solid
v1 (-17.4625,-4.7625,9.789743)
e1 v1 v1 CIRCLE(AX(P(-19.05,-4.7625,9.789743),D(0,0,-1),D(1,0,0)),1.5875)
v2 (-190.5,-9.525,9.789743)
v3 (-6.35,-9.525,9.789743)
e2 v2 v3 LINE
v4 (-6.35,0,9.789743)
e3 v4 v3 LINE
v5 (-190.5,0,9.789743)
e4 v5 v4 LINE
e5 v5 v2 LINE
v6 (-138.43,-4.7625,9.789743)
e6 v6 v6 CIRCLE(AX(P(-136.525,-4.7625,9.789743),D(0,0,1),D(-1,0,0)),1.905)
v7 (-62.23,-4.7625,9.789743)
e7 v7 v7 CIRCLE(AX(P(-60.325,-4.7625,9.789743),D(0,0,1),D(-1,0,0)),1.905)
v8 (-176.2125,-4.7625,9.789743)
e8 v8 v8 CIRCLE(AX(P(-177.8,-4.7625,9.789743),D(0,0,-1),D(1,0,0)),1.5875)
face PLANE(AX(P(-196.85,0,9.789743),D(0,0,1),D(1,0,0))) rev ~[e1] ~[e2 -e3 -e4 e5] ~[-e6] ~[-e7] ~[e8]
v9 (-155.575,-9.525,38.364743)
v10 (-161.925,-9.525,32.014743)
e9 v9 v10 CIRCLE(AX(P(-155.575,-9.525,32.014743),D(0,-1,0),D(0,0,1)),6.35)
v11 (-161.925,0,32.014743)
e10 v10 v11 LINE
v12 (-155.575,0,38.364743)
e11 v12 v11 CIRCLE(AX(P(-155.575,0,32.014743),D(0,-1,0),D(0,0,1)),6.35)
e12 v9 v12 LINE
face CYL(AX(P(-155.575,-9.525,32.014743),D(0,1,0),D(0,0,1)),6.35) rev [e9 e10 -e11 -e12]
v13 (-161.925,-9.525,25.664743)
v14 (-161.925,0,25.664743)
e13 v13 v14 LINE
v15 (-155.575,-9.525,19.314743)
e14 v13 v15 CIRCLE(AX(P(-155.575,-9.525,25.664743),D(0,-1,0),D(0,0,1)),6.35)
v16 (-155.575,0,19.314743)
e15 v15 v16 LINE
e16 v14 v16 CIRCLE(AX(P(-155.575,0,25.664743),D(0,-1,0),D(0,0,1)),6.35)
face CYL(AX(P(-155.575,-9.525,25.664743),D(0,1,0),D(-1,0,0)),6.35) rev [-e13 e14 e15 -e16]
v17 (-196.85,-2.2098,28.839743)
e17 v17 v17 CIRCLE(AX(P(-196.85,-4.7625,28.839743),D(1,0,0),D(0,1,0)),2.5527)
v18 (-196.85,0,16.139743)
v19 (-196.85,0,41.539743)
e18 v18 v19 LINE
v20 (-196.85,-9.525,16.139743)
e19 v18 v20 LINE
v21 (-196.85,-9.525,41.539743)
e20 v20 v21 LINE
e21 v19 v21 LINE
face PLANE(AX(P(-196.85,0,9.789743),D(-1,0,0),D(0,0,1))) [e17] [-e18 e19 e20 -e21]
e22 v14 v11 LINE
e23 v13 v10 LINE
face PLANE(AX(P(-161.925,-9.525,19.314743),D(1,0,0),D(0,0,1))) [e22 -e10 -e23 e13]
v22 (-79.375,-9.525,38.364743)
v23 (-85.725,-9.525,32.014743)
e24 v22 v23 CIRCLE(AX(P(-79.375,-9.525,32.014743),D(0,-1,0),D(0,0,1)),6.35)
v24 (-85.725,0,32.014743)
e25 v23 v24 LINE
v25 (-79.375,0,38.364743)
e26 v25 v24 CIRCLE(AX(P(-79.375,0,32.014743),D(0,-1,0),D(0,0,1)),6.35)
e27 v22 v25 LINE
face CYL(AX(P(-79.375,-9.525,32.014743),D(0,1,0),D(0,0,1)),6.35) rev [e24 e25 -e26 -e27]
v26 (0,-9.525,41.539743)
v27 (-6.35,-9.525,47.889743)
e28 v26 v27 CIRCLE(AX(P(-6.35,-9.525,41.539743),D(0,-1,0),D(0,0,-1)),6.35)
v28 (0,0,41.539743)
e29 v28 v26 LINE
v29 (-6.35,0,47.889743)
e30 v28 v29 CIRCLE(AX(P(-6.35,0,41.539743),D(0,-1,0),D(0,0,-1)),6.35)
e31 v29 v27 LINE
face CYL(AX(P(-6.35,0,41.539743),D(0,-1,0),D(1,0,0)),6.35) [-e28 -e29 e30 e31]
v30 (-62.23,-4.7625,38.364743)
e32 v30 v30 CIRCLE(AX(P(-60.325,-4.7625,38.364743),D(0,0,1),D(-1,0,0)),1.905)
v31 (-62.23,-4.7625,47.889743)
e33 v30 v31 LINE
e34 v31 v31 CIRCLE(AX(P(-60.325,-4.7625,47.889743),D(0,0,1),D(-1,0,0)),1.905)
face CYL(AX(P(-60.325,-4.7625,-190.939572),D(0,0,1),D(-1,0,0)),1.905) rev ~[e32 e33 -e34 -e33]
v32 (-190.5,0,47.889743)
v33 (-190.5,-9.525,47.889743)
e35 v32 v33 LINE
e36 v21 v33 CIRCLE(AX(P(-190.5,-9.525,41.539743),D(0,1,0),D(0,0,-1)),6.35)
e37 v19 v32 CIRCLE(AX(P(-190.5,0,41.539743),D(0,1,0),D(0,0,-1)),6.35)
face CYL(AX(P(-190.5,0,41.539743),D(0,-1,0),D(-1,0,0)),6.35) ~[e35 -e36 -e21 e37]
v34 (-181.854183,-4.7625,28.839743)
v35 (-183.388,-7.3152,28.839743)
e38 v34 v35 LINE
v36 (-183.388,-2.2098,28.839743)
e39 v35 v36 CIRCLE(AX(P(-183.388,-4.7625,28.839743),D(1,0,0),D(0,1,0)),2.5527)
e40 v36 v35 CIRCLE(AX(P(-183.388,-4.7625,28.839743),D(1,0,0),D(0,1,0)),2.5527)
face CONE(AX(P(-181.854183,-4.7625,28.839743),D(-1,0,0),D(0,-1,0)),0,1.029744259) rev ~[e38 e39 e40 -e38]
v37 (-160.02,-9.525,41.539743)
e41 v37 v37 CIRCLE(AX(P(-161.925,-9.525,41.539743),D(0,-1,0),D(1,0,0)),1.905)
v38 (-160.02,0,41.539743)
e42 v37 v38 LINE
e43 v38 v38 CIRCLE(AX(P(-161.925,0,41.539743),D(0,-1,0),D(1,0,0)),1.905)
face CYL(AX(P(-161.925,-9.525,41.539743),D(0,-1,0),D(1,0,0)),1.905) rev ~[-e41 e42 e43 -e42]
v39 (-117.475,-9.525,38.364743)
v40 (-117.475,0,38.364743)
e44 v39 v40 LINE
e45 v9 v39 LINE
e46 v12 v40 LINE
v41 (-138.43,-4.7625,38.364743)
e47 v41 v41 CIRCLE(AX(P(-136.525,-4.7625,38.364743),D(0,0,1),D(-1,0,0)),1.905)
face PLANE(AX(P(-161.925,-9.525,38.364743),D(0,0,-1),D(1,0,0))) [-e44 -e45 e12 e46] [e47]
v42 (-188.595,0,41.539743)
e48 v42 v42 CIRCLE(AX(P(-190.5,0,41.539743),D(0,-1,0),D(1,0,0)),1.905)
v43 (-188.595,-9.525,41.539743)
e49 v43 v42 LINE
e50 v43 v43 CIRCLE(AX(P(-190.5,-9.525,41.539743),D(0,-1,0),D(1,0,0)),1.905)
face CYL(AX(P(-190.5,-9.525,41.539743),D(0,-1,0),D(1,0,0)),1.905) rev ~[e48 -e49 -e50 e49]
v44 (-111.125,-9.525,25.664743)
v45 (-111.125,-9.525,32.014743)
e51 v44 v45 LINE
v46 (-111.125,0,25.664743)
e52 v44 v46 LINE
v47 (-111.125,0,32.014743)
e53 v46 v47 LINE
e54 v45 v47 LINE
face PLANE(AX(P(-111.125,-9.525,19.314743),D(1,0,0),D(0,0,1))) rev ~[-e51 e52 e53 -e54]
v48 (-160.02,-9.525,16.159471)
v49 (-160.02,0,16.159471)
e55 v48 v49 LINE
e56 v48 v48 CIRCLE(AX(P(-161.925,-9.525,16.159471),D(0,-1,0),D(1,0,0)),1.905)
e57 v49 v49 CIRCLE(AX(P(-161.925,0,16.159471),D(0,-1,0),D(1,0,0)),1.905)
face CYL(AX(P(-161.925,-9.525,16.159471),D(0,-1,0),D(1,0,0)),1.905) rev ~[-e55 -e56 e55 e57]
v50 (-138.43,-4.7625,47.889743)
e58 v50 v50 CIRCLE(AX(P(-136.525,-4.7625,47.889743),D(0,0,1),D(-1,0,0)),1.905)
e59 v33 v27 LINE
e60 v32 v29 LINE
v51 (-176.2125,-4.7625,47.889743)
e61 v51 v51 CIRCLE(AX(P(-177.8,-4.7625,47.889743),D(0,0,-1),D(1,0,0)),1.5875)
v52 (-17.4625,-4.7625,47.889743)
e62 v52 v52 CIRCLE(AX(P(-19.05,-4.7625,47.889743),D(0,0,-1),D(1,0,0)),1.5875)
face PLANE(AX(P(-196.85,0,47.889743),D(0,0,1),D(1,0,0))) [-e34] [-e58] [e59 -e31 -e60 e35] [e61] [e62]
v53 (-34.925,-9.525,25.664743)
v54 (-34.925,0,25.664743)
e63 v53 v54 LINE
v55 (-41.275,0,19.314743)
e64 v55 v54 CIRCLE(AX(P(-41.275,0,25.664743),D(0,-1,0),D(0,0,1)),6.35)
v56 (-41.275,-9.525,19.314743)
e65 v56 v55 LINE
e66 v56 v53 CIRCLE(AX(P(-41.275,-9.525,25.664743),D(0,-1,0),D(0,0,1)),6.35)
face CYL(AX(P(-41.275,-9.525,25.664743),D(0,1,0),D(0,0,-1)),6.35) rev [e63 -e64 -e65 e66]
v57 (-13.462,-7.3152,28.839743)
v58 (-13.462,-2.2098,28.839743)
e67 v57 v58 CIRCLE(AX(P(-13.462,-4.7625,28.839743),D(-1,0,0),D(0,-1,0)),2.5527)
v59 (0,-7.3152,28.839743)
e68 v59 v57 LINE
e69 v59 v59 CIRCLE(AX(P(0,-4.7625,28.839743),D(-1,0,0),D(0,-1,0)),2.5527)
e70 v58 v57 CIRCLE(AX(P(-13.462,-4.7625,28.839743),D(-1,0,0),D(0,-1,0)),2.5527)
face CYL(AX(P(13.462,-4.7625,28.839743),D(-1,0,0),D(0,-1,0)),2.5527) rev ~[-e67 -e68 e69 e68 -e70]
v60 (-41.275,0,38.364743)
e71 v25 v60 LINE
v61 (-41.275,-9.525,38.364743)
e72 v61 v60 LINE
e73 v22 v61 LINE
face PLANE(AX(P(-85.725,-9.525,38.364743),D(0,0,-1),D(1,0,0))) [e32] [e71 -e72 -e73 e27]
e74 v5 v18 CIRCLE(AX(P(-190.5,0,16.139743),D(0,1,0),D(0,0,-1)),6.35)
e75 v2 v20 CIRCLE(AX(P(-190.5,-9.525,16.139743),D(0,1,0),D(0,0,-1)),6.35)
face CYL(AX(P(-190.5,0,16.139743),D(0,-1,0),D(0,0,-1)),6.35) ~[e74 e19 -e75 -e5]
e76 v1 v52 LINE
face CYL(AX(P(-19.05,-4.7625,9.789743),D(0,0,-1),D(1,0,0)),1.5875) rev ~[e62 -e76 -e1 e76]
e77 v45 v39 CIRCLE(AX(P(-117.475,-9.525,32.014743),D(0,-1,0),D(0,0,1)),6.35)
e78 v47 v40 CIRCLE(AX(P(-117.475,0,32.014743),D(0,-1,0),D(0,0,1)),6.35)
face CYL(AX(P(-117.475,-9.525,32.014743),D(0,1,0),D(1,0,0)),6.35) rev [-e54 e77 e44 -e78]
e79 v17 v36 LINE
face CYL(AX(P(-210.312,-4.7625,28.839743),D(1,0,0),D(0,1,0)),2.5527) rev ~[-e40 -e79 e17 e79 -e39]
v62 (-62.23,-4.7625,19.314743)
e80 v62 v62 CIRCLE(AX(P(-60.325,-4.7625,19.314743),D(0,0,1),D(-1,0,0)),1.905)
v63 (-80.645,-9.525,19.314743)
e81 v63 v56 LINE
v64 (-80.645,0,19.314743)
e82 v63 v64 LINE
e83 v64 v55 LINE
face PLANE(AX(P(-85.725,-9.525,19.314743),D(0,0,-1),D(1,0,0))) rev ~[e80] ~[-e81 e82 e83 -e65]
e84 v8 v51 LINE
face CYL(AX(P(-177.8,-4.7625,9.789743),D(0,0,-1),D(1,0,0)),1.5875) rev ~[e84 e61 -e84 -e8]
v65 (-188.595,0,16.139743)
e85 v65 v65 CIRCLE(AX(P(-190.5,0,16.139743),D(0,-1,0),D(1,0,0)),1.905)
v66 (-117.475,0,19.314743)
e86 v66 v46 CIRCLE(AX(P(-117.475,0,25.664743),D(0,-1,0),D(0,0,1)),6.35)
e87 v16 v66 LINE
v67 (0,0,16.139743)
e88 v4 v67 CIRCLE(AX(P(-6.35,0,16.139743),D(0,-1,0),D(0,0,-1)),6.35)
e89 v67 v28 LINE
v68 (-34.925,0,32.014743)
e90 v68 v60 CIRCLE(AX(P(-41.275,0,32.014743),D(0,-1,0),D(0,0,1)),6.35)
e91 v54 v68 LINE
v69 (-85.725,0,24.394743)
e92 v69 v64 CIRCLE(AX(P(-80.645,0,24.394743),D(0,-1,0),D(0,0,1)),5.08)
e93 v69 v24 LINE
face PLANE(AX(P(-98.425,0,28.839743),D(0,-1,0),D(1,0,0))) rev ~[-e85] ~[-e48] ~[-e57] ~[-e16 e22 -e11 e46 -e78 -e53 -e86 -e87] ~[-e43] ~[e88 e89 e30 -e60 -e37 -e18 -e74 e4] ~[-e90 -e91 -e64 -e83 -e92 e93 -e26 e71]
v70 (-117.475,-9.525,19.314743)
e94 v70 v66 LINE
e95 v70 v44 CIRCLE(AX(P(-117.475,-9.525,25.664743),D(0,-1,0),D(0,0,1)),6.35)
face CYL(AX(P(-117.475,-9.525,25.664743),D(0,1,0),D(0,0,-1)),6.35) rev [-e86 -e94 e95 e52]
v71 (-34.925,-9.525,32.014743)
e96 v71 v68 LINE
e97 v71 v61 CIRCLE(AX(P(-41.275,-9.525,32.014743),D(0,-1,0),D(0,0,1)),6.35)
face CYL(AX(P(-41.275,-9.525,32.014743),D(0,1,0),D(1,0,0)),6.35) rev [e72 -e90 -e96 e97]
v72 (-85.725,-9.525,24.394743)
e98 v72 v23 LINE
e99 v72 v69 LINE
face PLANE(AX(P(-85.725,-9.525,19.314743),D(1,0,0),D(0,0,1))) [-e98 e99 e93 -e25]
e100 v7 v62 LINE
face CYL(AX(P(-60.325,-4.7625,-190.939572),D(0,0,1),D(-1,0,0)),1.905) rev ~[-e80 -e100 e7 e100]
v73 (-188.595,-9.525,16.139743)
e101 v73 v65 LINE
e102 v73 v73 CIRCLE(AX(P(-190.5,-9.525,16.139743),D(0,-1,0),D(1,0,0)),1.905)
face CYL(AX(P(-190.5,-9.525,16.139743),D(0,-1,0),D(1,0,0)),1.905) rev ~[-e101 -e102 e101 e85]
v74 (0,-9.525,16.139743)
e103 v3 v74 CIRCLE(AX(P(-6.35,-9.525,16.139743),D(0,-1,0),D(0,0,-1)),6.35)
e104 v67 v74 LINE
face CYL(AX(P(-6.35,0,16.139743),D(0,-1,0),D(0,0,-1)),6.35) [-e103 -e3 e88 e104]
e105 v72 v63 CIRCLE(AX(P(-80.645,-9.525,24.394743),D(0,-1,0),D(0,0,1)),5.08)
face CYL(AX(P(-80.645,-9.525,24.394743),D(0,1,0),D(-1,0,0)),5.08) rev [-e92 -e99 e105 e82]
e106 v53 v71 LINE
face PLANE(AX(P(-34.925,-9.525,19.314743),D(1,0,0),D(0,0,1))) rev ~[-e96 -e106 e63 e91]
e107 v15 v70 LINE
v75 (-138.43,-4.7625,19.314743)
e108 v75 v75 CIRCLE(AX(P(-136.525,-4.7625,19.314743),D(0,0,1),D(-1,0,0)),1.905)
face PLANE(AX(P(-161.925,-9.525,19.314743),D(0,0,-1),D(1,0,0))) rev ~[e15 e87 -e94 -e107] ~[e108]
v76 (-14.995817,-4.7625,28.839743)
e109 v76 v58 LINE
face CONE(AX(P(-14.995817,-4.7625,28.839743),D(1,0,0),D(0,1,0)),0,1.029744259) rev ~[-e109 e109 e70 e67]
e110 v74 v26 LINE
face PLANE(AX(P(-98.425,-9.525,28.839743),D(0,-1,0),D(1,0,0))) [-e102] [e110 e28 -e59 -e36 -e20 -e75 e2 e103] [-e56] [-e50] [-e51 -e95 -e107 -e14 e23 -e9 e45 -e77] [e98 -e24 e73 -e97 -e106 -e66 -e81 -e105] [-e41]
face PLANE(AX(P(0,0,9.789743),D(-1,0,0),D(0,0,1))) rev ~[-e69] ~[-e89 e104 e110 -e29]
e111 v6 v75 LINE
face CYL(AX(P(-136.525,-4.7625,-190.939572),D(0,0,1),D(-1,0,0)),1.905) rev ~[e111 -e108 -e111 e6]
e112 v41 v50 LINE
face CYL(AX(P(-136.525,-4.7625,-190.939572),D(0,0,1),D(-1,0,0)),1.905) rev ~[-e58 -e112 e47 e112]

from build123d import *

# Parameters (mm, degrees)
F0_W      = 196.85
F0_H      = 38.1
F1_DEPTH  = 9.525
F2_R      = 6.35
F3_R      = 6.35
F4_W      = 50.8
F4_H      = 19.05
F5_DEPTH  = 25.4
F6_R      = 6.35
F7_R      = 6.35
F8_R      = 6.35
F9_R      = 6.35
F10_W     = 50.8
F10_H     = 19.05
F11_DEPTH = 25.4
F12_R     = 6.35
F13_R     = 5.08
F14_R     = 6.35
F15_R     = 6.35
F16_R     = 1.905
F18_DEPTH = 25.4
F20_R     = 1.5875
F21_DEPTH = 48.006
F22_R     = 1.5875
F23_DEPTH = 44.3738
F26_D     = 3.81
F27_D     = 5.1054
F27_DEPTH = 13.462
F27_TIP   = 1.5338169022
F28_D     = 5.1054
F28_DEPTH = 13.462
F28_TIP   = 1.5338169022
F29_R     = 6.35


with BuildPart() as f1:
    # F0 (on Front) → F1 (new body)
    with BuildSketch(Plane.XZ):
        with Locations((-98.425, 28.8397434607)):
            Rectangle(F0_W, F0_H)
    extrude(amount=F1_DEPTH)

    # F2
    f2_edges = [f1.edges().sort_by_distance(p)[0] for p in [
        (0, -4.7625, 9.789743),
    ]]
    fillet(f2_edges, radius=F2_R)

    # F3
    f3_edges = [f1.edges().sort_by_distance(p)[0] for p in [
        (-196.85, -4.7625, 9.789743),
    ]]
    fillet(f3_edges, radius=F3_R)

    # F4 (on face) → F5 (cut)
    with BuildSketch(Plane.XZ.offset(9.525)):
        with Locations((-136.525, 28.8397434607)):
            Rectangle(F4_W, F4_H)
    extrude(amount=-F5_DEPTH, mode=Mode.SUBTRACT)

    # F6
    f6_edges = [f1.edges().sort_by_distance(p)[0] for p in [
        (-161.925, -4.7625, 38.364743),
    ]]
    fillet(f6_edges, radius=F6_R)

    # F7
    f7_edges = [f1.edges().sort_by_distance(p)[0] for p in [
        (-161.925, -4.7625, 19.314743),
    ]]
    fillet(f7_edges, radius=F7_R)

    # F8
    f8_edges = [f1.edges().sort_by_distance(p)[0] for p in [
        (-111.125, -4.7625, 19.314743),
    ]]
    fillet(f8_edges, radius=F8_R)

    # F9
    f9_edges = [f1.edges().sort_by_distance(p)[0] for p in [
        (-111.125, -4.7625, 38.364743),
    ]]
    fillet(f9_edges, radius=F9_R)

    # F10 (on face) → F11 (cut)
    with BuildSketch(Plane.XZ.offset(9.525)):
        with Locations((-60.325, 28.8397434607)):
            Rectangle(F10_W, F10_H)
    extrude(amount=-F11_DEPTH, mode=Mode.SUBTRACT)

    # F12
    f12_edges = [f1.edges().sort_by_distance(p)[0] for p in [
        (-85.725, -4.7625, 38.364743),
    ]]
    fillet(f12_edges, radius=F12_R)

    # F13
    f13_edges = [f1.edges().sort_by_distance(p)[0] for p in [
        (-85.725, -4.7625, 19.314743),
    ]]
    fillet(f13_edges, radius=F13_R)

    # F14
    f14_edges = [f1.edges().sort_by_distance(p)[0] for p in [
        (-34.925, -4.7625, 19.314743),
    ]]
    fillet(f14_edges, radius=F14_R)

    # F15
    f15_edges = [f1.edges().sort_by_distance(p)[0] for p in [
        (-34.925, -4.7625, 38.364743),
    ]]
    fillet(f15_edges, radius=F15_R)

    # F16 (on face) → F18 (cut)
    with BuildSketch(Plane.XZ.offset(9.525)):
        with Locations((-190.5, 41.5397434607)):
            Circle(F16_R)
        with Locations((-161.925, 41.5397434607)):
            Circle(F16_R)
        with Locations((-161.925, 16.1594711244)):
            Circle(F16_R)
        with Locations((-190.5, 16.1397434607)):
            Circle(F16_R)
    extrude(amount=-F18_DEPTH, mode=Mode.SUBTRACT)

    # F20 (on face) → F21 (cut)
    with BuildSketch(Plane(origin=(0, 0, 9.7897434607), x_dir=(1, 0, 0), z_dir=(0, 0, -1))):
        with Locations((-177.8, 4.7625)):
            Circle(F20_R)
    extrude(amount=-F21_DEPTH, mode=Mode.SUBTRACT)

    # F22 (on face) → F23 (cut)
    with BuildSketch(Plane(origin=(0, 0, 9.7897434607), x_dir=(1, 0, 0), z_dir=(0, 0, -1))):
        with Locations((-19.05, 4.7625)):
            Circle(F22_R)
    extrude(amount=-F23_DEPTH, mode=Mode.SUBTRACT)

    # F26 (through all)
    with Locations(Plane(origin=(0, 0, 9.7897434607), x_dir=(1, 0, 0), z_dir=(0, 0, -1))):
        with Locations((-60.325, 4.7625), (-136.525, 4.7625)):
            Hole(F26_D / 2)

    # F27
    with Locations(Plane.YZ):
        with Locations((-4.7625, 28.8397434607)):
            Hole(F27_D / 2, depth=F27_DEPTH)
            with Locations((0, 0, -(F27_DEPTH + F27_TIP / 2))):  # 118° drill point
                Cone(0, F27_D / 2, F27_TIP, mode=Mode.SUBTRACT)

    # F28
    with Locations(Plane(origin=(-196.85, 0, 0), x_dir=(0, -1, 0), z_dir=(-1, 0, 0))):
        with Locations((4.7625, 28.8397434607)):
            Hole(F28_D / 2, depth=F28_DEPTH)
            with Locations((0, 0, -(F28_DEPTH + F28_TIP / 2))):  # 118° drill point
                Cone(0, F28_D / 2, F28_TIP, mode=Mode.SUBTRACT)

    # F29
    f29_edges = [f1.edges().sort_by_distance(p)[0] for p in [
        (-196.85, -4.7625, 47.889743),
        (0, -4.7625, 47.889743),
    ]]
    fillet(f29_edges, radius=F29_R)


solid = f1.part
